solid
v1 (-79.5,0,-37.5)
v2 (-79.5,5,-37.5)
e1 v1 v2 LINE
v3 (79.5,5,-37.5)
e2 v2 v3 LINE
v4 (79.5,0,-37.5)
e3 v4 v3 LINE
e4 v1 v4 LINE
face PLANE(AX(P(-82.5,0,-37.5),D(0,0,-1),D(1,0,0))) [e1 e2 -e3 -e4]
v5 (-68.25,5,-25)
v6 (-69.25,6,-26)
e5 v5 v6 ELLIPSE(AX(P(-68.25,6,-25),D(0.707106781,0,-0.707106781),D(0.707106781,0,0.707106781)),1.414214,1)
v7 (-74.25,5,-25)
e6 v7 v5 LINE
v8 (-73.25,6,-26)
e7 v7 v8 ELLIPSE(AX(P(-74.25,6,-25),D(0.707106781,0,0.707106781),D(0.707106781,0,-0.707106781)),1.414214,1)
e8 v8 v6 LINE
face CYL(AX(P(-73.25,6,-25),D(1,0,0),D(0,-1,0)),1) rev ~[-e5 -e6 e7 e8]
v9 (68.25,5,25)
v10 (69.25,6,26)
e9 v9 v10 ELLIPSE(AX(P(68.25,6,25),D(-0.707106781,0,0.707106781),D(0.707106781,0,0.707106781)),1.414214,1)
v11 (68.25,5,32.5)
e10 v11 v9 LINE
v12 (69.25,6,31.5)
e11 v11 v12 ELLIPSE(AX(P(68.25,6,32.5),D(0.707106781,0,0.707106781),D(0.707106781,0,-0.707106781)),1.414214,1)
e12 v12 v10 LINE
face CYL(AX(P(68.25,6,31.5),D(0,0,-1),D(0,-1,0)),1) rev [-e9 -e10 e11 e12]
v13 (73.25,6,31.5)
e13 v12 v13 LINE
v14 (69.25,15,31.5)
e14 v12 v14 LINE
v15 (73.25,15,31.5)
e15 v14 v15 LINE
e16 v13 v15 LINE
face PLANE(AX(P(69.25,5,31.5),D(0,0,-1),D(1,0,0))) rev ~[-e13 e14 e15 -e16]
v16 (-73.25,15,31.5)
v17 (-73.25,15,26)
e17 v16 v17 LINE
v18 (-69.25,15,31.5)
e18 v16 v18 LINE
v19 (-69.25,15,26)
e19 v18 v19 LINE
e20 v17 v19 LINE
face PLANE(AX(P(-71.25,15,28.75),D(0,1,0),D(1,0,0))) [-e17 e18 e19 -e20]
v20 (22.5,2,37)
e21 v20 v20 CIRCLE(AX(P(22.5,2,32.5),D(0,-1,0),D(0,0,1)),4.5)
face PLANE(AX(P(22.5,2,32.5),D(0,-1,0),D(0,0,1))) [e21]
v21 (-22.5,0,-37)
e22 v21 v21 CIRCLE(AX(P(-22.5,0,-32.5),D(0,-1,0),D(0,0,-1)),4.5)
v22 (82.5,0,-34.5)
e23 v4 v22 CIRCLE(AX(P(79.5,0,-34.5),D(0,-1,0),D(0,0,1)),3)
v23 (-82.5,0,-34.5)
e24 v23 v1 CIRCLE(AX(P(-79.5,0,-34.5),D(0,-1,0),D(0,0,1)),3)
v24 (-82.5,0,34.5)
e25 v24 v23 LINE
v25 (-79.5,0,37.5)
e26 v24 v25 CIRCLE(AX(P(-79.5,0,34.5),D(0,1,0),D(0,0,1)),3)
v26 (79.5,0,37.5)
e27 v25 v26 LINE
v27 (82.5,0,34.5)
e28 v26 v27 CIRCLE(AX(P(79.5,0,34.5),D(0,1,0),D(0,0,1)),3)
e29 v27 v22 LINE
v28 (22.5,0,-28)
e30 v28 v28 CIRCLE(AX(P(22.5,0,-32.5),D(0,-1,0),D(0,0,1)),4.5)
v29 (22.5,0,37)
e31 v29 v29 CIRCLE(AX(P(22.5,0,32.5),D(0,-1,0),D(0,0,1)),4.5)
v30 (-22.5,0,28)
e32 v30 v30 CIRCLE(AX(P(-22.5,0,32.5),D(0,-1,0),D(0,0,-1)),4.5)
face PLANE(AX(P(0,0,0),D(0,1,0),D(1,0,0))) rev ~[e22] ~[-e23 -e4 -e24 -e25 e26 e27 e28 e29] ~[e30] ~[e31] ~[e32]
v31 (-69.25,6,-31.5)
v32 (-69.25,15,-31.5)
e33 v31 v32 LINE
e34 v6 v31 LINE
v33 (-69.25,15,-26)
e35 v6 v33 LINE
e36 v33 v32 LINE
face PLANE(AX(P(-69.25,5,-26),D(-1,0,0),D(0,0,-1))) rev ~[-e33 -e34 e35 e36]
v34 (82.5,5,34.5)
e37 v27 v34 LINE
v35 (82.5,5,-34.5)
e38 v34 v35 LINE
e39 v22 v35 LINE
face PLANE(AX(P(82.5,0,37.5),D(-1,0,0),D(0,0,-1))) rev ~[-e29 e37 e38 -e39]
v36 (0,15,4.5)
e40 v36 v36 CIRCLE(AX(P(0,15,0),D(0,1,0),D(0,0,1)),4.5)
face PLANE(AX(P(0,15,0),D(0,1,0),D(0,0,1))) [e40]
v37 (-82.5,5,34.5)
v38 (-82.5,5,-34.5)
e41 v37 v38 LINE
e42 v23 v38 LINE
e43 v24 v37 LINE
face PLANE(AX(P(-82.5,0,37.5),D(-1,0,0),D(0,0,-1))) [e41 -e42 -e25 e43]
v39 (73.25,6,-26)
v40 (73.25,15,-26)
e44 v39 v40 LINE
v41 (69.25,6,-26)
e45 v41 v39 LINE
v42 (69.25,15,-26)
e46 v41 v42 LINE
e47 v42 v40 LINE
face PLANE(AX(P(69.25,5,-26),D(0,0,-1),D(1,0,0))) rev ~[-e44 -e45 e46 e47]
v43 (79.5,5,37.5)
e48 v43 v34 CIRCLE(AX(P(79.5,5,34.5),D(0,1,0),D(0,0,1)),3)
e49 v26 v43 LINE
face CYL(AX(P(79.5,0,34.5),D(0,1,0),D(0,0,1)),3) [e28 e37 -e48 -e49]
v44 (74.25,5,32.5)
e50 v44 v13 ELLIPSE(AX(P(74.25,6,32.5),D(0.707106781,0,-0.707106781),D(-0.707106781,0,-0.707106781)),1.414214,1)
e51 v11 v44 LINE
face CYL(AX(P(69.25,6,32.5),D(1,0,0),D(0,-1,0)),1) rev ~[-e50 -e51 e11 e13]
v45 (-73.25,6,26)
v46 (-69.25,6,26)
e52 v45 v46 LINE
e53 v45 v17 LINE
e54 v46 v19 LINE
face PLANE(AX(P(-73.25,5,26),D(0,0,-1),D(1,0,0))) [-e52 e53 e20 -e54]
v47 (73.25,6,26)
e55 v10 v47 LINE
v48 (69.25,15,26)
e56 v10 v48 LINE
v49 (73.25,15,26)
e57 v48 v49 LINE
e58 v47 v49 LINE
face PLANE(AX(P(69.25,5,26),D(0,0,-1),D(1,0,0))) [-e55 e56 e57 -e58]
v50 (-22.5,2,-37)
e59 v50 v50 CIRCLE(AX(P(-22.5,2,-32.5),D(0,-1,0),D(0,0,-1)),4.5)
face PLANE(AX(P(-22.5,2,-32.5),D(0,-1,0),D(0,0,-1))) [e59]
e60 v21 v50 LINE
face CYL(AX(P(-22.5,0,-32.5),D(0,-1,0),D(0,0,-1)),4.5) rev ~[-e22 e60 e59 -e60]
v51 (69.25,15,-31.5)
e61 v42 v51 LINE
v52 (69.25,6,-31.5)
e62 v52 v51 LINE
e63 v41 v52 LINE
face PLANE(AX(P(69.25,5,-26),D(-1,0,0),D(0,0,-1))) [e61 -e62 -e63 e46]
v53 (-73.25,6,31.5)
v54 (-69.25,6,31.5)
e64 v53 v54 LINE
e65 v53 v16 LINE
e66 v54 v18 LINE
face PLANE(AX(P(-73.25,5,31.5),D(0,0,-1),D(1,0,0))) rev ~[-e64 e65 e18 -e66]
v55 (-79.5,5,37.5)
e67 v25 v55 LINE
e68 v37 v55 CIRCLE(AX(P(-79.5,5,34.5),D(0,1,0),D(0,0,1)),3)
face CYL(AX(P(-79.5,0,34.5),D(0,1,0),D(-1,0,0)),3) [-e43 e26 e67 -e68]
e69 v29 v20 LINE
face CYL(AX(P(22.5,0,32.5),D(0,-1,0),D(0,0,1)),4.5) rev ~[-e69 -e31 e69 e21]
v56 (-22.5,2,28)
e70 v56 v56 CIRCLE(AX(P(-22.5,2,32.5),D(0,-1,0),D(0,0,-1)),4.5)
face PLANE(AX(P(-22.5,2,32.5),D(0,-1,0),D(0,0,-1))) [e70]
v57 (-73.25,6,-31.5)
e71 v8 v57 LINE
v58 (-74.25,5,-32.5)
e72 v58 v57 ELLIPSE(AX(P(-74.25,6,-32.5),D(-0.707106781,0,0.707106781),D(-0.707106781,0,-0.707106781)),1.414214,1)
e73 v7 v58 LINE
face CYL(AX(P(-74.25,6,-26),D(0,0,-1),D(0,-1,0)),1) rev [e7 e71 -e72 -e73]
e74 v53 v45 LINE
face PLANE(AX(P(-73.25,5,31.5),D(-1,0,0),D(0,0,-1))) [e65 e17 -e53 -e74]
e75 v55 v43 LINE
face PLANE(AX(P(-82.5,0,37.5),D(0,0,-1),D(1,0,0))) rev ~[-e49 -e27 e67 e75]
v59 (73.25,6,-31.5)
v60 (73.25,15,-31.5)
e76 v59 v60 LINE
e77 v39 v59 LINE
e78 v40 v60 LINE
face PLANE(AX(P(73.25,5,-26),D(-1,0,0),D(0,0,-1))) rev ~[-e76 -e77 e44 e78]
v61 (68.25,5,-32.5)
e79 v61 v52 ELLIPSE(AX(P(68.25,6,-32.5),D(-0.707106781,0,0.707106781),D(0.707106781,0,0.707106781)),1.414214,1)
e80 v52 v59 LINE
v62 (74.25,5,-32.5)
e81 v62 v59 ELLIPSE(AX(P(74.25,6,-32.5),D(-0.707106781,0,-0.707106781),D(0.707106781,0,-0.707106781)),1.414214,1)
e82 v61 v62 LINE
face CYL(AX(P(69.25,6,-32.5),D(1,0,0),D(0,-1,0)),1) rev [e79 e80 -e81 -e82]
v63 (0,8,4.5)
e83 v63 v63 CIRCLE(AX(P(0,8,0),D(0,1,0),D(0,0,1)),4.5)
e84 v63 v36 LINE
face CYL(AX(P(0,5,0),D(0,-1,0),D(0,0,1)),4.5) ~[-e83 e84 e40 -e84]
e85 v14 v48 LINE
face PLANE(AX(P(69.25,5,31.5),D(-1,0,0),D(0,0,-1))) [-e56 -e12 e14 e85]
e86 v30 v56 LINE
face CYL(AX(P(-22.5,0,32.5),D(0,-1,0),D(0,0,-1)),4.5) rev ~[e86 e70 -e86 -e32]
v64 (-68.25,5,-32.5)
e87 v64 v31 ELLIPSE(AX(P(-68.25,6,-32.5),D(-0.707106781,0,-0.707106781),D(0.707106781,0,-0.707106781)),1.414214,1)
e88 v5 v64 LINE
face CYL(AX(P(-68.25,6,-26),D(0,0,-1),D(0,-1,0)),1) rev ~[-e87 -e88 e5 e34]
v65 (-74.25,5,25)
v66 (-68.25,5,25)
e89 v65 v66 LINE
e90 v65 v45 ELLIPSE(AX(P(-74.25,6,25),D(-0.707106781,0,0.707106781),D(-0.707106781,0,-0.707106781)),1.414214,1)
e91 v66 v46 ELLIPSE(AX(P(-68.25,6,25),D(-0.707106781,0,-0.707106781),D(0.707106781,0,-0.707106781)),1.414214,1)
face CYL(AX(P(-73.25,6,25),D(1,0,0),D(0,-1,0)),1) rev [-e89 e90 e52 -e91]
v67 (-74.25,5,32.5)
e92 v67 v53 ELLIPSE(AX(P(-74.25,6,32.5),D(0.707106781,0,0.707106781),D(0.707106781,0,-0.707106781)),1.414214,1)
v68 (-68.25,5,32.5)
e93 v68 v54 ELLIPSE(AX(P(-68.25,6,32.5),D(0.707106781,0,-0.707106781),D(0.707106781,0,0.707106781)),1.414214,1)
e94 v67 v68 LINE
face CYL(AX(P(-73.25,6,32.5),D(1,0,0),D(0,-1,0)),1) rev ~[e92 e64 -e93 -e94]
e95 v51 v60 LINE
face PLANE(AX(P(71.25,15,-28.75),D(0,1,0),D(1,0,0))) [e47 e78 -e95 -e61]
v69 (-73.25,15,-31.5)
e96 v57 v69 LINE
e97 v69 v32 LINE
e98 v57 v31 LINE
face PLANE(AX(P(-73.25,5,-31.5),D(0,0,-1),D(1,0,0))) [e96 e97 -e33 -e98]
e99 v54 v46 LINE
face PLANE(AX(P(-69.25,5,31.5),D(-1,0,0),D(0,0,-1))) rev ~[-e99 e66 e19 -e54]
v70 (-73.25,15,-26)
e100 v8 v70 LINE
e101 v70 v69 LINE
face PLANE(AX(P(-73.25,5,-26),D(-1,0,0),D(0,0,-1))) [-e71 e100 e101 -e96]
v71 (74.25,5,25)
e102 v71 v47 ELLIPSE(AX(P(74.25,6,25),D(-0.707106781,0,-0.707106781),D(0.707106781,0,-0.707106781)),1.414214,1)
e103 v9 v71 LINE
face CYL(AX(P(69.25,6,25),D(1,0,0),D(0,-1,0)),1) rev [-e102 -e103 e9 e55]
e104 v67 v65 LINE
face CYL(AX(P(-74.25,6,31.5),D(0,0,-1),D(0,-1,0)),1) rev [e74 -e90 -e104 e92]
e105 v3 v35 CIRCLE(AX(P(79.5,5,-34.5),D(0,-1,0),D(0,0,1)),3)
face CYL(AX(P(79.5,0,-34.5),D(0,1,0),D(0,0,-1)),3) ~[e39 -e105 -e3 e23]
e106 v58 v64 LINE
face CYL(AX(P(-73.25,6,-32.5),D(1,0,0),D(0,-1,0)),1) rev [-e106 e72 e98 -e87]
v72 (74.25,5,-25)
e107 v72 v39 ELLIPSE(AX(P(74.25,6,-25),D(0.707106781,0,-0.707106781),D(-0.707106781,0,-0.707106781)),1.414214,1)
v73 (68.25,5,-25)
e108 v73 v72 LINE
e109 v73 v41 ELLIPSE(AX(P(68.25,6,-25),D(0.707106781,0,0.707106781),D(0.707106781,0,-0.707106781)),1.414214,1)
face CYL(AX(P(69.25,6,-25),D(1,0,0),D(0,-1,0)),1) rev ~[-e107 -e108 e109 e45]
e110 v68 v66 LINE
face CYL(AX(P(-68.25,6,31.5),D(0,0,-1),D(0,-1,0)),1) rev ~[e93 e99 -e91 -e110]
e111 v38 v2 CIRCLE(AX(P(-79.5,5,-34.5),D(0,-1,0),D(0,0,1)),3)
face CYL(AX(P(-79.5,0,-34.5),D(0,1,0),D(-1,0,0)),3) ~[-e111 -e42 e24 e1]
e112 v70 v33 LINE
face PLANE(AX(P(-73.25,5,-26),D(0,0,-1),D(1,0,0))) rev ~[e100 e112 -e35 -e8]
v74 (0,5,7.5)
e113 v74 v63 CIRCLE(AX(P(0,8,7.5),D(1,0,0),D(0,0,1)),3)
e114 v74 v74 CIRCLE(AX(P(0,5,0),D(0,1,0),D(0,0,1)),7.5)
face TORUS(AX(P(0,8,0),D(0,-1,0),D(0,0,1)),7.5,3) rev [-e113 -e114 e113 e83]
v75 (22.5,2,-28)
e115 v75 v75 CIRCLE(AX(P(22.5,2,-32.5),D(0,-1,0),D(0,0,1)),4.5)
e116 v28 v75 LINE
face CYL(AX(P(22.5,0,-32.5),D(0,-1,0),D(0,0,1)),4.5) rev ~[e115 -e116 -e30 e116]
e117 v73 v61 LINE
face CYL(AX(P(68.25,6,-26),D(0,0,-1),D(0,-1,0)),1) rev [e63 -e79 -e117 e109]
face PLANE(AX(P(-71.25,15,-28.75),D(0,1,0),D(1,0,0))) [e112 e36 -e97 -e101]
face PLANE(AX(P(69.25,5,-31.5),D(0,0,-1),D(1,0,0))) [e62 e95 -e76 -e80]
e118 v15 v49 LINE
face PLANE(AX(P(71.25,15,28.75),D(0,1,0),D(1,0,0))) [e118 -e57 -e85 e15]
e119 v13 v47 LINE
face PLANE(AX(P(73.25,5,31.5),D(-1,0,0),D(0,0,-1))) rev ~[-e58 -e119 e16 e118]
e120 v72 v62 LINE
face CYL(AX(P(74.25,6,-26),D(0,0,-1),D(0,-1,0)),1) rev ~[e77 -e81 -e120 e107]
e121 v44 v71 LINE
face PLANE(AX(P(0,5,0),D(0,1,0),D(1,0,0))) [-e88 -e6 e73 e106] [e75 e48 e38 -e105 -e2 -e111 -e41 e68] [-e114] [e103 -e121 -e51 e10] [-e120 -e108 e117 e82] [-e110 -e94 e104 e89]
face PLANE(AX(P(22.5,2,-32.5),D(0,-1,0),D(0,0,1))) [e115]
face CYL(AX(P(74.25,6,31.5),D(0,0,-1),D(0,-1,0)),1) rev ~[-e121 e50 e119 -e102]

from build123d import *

# Parameters (mm, degrees)
SKETCH1_W           = 165
SKETCH1_H           = 75
BOSS_EXTRUDE1_DEPTH = 5
SKETCH3_W           = 4
SKETCH3_H           = 5.5
SKETCH3_R           = 4.5
BOSS_EXTRUDE3_DEPTH = 10
FILLET2_R           = 3
FILLET4_R           = 3
FILLET5_R           = 1
SKETCH4_R           = 4.5
CUT_EXTRUDE1_DEPTH  = 2


with BuildPart() as part:
    # Sketch1 → Boss-Extrude1 (new body)
    with BuildSketch(Plane(origin=(0, 0, 0), x_dir=(1, 0, 0), z_dir=(0, 1, 0))):
        Rectangle(SKETCH1_W, SKETCH1_H)
    extrude(amount=BOSS_EXTRUDE1_DEPTH)

    # Sketch3 → Boss-Extrude3 (add)
    with BuildSketch(Plane(origin=(0, 5, 0), x_dir=(1, 0, 0), z_dir=(0, 1, 0))):
        with Locations((-71.25, 28.75)):
            Rectangle(SKETCH3_W, SKETCH3_H)
        with Locations((-71.25, -28.75)):
            Rectangle(SKETCH3_W, SKETCH3_H)
        with Locations((71.25, -28.75)):
            Rectangle(SKETCH3_W, SKETCH3_H)
        with Locations((71.25, 28.75)):
            Rectangle(SKETCH3_W, SKETCH3_H)
        Circle(SKETCH3_R)
    extrude(amount=BOSS_EXTRUDE3_DEPTH)

    # Fillet2
    fillet2_edges = [part.edges().sort_by_distance(p)[0] for p in [
        (-4.5, 5, 0),
    ]]
    fillet(fillet2_edges, radius=FILLET2_R)

    # Fillet4
    fillet4_edges = [part.edges().sort_by_distance(p)[0] for p in [
        (-82.5, 2.5, -37.5),
        (82.5, 2.5, 37.5),
        (82.5, 2.5, -37.5),
        (-82.5, 2.5, 37.5),
    ]]
    fillet(fillet4_edges, radius=FILLET4_R)

    # Fillet5
    fillet5_edges = [part.edges().sort_by_distance(p)[0] for p in [
        (-73.25, 5, 28.75),
        (-71.25, 5, 26),
        (-69.25, 5, 28.75),
        (-71.25, 5, 31.5),
        (-71.25, 5, -26),
        (-73.25, 5, -28.75),
        (-71.25, 5, -31.5),
        (-69.25, 5, -28.75),
        (73.25, 5, -28.75),
        (71.25, 5, -31.5),
        (69.25, 5, -28.75),
        (71.25, 5, -26),
        (71.25, 5, 31.5),
        (69.25, 5, 28.75),
        (73.25, 5, 28.75),
        (71.25, 5, 26),
    ]]
    fillet(fillet5_edges, radius=FILLET5_R)

    # Sketch4 → Cut-Extrude1 (cut)
    with BuildSketch(Plane.XZ):
        with Locations((-22.5, -32.5)):
            Circle(SKETCH4_R)
        with Locations((-22.5, 32.5)):
            Circle(SKETCH4_R)
        with Locations((22.5, 32.5)):
            Circle(SKETCH4_R)
        with Locations((22.5, -32.5)):
            Circle(SKETCH4_R)
    extrude(amount=-CUT_EXTRUDE1_DEPTH, mode=Mode.SUBTRACT)


solid = part.part
